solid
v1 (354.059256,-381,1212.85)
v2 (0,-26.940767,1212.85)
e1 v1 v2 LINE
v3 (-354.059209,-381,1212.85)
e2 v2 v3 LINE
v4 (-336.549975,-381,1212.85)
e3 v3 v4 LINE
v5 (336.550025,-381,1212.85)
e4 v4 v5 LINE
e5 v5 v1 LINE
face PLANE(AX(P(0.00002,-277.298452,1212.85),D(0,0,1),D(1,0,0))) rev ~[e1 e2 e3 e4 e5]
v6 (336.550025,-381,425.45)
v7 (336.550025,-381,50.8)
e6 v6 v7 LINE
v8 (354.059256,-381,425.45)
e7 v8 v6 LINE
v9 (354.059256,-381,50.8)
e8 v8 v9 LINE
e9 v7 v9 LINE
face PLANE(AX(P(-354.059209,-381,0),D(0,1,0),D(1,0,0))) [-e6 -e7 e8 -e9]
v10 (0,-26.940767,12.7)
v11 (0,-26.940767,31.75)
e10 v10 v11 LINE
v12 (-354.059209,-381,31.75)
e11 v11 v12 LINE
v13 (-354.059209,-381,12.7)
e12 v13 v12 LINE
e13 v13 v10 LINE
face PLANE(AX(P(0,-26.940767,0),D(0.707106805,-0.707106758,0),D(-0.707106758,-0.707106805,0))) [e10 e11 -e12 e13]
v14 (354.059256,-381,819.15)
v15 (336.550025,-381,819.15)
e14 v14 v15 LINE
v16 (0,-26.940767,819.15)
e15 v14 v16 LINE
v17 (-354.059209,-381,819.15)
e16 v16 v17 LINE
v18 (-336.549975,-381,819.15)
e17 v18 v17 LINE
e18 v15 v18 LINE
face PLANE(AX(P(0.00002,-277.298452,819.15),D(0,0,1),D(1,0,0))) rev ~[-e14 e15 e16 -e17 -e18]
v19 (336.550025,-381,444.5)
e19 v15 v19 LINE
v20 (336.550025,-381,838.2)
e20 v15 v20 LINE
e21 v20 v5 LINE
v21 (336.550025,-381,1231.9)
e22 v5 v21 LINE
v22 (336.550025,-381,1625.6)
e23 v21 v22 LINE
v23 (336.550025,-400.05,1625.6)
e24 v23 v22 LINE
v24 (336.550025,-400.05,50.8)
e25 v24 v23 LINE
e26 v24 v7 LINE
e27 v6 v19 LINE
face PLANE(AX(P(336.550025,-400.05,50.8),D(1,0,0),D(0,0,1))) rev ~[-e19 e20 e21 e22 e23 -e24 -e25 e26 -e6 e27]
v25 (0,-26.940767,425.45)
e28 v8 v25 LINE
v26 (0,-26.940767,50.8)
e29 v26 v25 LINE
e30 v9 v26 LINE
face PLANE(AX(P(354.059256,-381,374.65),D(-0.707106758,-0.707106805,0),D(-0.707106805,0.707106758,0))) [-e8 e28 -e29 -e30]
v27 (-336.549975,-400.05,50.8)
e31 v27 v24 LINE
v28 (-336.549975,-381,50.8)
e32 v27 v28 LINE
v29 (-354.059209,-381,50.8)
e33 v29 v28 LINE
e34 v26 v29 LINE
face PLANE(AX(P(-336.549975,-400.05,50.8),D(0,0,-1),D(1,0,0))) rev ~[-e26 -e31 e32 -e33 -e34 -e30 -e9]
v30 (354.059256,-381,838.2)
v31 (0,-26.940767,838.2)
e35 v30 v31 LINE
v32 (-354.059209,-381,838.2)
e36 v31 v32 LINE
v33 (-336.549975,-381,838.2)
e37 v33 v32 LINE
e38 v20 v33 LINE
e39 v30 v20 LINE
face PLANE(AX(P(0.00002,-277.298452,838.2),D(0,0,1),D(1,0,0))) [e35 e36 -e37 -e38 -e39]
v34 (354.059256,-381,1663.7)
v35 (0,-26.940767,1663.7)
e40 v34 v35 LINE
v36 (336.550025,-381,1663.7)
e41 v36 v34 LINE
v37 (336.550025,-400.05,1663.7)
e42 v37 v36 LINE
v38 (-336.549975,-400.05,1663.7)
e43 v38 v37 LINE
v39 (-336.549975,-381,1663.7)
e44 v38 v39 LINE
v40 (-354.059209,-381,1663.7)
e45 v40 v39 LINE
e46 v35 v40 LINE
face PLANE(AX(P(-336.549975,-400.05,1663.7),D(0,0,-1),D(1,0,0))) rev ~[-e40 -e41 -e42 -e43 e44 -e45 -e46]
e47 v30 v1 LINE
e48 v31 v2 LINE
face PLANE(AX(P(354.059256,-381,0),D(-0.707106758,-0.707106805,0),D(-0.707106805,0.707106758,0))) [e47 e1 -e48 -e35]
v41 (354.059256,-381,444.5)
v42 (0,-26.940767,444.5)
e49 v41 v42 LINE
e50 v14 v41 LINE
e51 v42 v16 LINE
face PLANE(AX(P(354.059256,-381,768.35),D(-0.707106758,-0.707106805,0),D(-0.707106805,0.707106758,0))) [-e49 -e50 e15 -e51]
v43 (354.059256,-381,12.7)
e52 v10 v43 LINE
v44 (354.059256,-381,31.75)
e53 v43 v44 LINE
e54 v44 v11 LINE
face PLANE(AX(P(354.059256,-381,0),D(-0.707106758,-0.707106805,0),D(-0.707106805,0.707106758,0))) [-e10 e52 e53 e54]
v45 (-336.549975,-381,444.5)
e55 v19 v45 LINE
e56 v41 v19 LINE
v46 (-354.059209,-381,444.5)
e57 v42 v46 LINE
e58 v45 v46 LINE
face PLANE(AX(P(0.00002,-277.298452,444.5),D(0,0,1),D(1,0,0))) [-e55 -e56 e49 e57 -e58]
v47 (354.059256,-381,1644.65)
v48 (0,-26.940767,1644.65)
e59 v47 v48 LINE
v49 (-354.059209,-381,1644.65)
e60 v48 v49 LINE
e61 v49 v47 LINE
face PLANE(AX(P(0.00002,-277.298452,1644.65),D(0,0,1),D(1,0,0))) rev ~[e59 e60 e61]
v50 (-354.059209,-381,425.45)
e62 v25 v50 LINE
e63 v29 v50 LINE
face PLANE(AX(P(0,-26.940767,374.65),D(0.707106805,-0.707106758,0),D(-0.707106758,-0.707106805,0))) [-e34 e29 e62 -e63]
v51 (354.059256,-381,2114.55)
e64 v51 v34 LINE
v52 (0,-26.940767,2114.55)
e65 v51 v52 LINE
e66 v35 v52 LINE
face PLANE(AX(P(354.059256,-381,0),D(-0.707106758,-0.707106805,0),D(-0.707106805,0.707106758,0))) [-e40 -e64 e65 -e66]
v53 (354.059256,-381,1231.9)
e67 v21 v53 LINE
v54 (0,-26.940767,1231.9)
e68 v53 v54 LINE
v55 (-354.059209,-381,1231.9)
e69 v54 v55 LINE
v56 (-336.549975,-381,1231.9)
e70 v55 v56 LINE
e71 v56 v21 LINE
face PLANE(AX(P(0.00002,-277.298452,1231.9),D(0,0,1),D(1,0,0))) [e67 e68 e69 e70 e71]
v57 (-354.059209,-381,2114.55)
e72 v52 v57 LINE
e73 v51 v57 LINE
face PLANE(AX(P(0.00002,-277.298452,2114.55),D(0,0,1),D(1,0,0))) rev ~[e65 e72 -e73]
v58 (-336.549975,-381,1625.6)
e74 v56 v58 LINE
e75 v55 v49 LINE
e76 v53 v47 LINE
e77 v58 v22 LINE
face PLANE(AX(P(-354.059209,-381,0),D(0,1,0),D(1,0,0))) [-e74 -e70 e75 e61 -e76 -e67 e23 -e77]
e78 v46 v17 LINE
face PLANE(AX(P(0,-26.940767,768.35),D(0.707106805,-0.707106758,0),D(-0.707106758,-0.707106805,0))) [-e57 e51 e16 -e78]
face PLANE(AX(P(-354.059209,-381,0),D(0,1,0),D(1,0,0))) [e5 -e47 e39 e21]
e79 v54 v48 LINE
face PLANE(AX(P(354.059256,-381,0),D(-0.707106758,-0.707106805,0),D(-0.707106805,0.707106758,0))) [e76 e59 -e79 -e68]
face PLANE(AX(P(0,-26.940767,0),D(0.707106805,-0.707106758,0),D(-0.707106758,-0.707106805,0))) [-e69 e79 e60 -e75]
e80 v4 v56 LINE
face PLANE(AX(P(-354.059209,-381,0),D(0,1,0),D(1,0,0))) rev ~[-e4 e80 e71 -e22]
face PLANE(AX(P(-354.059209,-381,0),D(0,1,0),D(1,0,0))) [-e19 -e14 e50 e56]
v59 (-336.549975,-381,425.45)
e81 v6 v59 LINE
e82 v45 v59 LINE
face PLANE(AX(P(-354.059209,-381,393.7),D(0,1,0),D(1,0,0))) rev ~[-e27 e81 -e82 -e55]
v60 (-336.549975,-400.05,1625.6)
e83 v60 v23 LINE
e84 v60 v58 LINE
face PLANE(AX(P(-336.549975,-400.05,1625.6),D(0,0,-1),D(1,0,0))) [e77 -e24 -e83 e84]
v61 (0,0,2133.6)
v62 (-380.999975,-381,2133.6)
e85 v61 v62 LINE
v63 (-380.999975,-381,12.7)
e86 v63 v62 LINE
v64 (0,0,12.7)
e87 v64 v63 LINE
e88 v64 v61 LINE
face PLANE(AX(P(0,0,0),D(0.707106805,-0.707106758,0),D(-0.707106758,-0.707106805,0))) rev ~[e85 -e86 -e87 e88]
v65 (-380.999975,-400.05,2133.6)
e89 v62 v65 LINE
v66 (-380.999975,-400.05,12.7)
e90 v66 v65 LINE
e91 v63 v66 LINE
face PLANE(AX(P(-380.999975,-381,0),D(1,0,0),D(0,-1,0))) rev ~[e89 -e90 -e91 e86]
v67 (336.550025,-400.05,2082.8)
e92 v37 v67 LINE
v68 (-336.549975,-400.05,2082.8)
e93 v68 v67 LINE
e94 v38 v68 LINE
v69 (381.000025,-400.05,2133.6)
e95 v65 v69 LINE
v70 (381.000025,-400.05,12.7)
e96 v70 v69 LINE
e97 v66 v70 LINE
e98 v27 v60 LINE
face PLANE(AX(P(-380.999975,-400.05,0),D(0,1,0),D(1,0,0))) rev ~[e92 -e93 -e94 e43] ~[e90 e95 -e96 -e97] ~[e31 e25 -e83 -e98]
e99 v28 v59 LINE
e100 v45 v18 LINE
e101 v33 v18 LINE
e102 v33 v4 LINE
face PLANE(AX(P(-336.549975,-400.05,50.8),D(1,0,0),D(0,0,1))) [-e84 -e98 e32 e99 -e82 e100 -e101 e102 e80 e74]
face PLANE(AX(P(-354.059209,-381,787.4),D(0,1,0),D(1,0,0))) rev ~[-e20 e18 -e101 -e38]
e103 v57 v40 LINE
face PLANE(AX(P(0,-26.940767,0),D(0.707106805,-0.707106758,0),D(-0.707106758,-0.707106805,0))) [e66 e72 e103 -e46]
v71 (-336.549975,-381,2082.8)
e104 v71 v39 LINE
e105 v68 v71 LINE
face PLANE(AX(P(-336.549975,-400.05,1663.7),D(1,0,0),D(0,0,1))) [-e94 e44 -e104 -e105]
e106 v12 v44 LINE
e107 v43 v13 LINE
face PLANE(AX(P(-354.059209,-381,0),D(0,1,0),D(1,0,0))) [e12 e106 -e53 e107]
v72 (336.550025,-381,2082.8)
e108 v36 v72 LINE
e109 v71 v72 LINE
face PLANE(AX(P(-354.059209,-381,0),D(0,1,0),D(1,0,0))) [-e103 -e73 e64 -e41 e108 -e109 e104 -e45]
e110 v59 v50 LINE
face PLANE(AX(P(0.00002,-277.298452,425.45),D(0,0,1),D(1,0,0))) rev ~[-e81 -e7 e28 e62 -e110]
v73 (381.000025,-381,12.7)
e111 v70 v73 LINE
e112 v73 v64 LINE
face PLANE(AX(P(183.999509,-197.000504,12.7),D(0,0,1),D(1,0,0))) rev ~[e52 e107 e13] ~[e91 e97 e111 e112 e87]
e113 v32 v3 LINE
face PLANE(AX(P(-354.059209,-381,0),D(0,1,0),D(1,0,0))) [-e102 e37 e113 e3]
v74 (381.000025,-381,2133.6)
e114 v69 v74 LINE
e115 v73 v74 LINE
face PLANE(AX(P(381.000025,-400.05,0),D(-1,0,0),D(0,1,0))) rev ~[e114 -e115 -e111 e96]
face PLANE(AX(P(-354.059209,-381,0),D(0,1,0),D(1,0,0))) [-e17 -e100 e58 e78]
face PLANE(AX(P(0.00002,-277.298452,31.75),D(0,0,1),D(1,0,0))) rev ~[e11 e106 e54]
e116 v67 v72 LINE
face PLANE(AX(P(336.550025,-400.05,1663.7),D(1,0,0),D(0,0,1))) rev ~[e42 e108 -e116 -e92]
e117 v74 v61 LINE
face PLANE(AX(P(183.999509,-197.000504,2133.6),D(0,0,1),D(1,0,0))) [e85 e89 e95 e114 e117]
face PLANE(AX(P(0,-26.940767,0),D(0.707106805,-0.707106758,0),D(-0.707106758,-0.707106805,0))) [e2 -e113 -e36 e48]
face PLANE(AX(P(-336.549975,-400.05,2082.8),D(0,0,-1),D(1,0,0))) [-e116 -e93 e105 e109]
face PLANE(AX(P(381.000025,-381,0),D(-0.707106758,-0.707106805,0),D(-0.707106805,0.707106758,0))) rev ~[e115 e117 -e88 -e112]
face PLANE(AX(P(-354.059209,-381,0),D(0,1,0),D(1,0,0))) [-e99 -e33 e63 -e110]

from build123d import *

# Parameters (mm, degrees)
F1_DEPTH  = 2133.6
F2_DEPTH  = 2133.6
F3_DEPTH  = 2133.6
F4_DEPTH  = 1905
F5_W      = 673.1
F5_H      = 419.1
F5_H_2    = 1574.8
F6_DEPTH  = 19.05
F7_DEPTH  = 209.55
F8_DEPTH  = 1663.7
F9_DEPTH  = 1644.65
F10_DEPTH = 1231.9
F11_DEPTH = 1212.85
F12_DEPTH = 787.4
F13_DEPTH = 768.35
F14_DEPTH = 393.7
F15_DEPTH = 374.65
F16_DEPTH = 50.8
F17_DEPTH = 31.75
F18_DEPTH = 50.8
F19_DEPTH = 50.8
F20_DEPTH = 50.8
F21_DEPTH = 50.8
F22_DEPTH = 12.7


with BuildPart() as f1:
    # F0 (on Top) → F1 (new body)
    with BuildSketch(Plane.XY):
        Polygon((-354.0592090795, -381), (-380.9999747663, -381), (-380.9999747663, -400.05), (381.0000252337, -400.05), (381.0000252337, -381), (354.0592559783, -381), align=None)
    extrude(amount=F1_DEPTH)

    # F0 (on Top) → F2 (join)
    with BuildSketch(Plane.XY):
        Polygon((381.0000252337, -381), (0, 0), (0, -26.9407674711), (354.0592559783, -381), align=None)
        Polygon((0, 0), (-380.9999747663, -381), (-354.0592090795, -381), (0, -26.9407674711), align=None)
    extrude(amount=F2_DEPTH)

    # F0 (on Top) → F3 (join)
    with BuildSketch(Plane.XY):
        Polygon((0, -26.9407674711), (-354.0592090795, -381), (354.0592559783, -381), align=None)
    extrude(amount=F3_DEPTH)

    # F0 (on Top) → F4 (cut)
    with BuildSketch(Plane.XY):
        Polygon((0, -26.9407674711), (-354.0592090795, -381), (354.0592559783, -381), align=None)
    extrude(amount=F4_DEPTH, mode=Mode.SUBTRACT)

    # F5 (on face) → F6 (cut)
    with BuildSketch(Plane.XZ.offset(400.05)):
        with Locations((2.52337e-05, 1873.25)):
            Rectangle(F5_W, F5_H)
        with Locations((2.52337e-05, 838.2)):
            Rectangle(F5_W, F5_H_2)
    extrude(amount=-F6_DEPTH, mode=Mode.SUBTRACT)

    # F7 (cut): a face of the model
    f7_faces = [f1.faces().sort_by_distance(p)[0] for p in [
        (1.56329e-05, -262.9802558237, 1905),
    ]]
    extrude(f7_faces, amount=-F7_DEPTH, mode=Mode.SUBTRACT)

    # F0 (on Top) → F8 (join)
    with BuildSketch(Plane.XY):
        Polygon((0, -26.9407674711), (-354.0592090795, -381), (354.0592559783, -381), align=None)
    extrude(amount=F8_DEPTH)

    # F0 (on Top) → F9 (cut)
    with BuildSketch(Plane.XY):
        Polygon((0, -26.9407674711), (-354.0592090795, -381), (354.0592559783, -381), align=None)
    extrude(amount=F9_DEPTH, mode=Mode.SUBTRACT)

    # F0 (on Top) → F10 (join)
    with BuildSketch(Plane.XY):
        Polygon((0, -26.9407674711), (-354.0592090795, -381), (354.0592559783, -381), align=None)
    extrude(amount=F10_DEPTH)

    # F0 (on Top) → F11 (cut)
    with BuildSketch(Plane.XY):
        Polygon((0, -26.9407674711), (-354.0592090795, -381), (354.0592559783, -381), align=None)
    extrude(amount=F11_DEPTH, mode=Mode.SUBTRACT)

    # F0 (on Top) → F12 (join)
    with BuildSketch(Plane.XY):
        Polygon((0, -26.9407674711), (-354.0592090795, -381), (354.0592559783, -381), align=None)
    extrude(amount=F12_DEPTH)

    # F0 (on Top) → F13 (cut)
    with BuildSketch(Plane.XY):
        Polygon((0, -26.9407674711), (-354.0592090795, -381), (354.0592559783, -381), align=None)
    extrude(amount=F13_DEPTH, mode=Mode.SUBTRACT)

    # F0 (on Top) → F14 (join)
    with BuildSketch(Plane.XY):
        Polygon((0, -26.9407674711), (-354.0592090795, -381), (354.0592559783, -381), align=None)
    extrude(amount=F14_DEPTH)

    # F0 (on Top) → F15 (cut)
    with BuildSketch(Plane.XY):
        Polygon((0, -26.9407674711), (-354.0592090795, -381), (354.0592559783, -381), align=None)
    extrude(amount=F15_DEPTH, mode=Mode.SUBTRACT)

    # F0 (on Top) → F16 (join)
    with BuildSketch(Plane.XY):
        Polygon((0, -26.9407674711), (-354.0592090795, -381), (354.0592559783, -381), align=None)
    extrude(amount=F16_DEPTH)

    # F0 (on Top) → F17 (cut)
    with BuildSketch(Plane.XY):
        Polygon((0, -26.9407674711), (-354.0592090795, -381), (354.0592559783, -381), align=None)
    extrude(amount=F17_DEPTH, mode=Mode.SUBTRACT)

    # F18 (add): a face of the model
    f18_faces = [f1.faces().sort_by_distance(p)[0] for p in [
        (1.56329e-05, -262.9802558237, 787.4),
    ]]
    extrude(f18_faces, amount=F18_DEPTH)

    # F19 (cut): a face of the model
    f19_faces = [f1.faces().sort_by_distance(p)[0] for p in [
        (1.56329e-05, -262.9802558237, 768.35),
    ]]
    extrude(f19_faces, amount=-F19_DEPTH, mode=Mode.SUBTRACT)

    # F20 (add): a face of the model
    f20_faces = [f1.faces().sort_by_distance(p)[0] for p in [
        (1.56329e-05, -262.9802558237, 393.7),
    ]]
    extrude(f20_faces, amount=F20_DEPTH)

    # F21 (cut): a face of the model
    f21_faces = [f1.faces().sort_by_distance(p)[0] for p in [
        (1.56329e-05, -262.9802558237, 374.65),
    ]]
    extrude(f21_faces, amount=-F21_DEPTH, mode=Mode.SUBTRACT)

    # F0 (on Top) → F22 (cut)
    with BuildSketch(Plane.XY):
        Polygon((381.0000252337, -381), (0, 0), (0, -26.9407674711), (354.0592559783, -381), align=None)
        Polygon((0, 0), (-380.9999747663, -381), (-354.0592090795, -381), (0, -26.9407674711), align=None)
        Polygon((-354.0592090795, -381), (-380.9999747663, -381), (-380.9999747663, -400.05), (381.0000252337, -400.05), (381.0000252337, -381), (354.0592559783, -381), align=None)
    extrude(amount=F22_DEPTH, mode=Mode.SUBTRACT)


solid = f1.part
